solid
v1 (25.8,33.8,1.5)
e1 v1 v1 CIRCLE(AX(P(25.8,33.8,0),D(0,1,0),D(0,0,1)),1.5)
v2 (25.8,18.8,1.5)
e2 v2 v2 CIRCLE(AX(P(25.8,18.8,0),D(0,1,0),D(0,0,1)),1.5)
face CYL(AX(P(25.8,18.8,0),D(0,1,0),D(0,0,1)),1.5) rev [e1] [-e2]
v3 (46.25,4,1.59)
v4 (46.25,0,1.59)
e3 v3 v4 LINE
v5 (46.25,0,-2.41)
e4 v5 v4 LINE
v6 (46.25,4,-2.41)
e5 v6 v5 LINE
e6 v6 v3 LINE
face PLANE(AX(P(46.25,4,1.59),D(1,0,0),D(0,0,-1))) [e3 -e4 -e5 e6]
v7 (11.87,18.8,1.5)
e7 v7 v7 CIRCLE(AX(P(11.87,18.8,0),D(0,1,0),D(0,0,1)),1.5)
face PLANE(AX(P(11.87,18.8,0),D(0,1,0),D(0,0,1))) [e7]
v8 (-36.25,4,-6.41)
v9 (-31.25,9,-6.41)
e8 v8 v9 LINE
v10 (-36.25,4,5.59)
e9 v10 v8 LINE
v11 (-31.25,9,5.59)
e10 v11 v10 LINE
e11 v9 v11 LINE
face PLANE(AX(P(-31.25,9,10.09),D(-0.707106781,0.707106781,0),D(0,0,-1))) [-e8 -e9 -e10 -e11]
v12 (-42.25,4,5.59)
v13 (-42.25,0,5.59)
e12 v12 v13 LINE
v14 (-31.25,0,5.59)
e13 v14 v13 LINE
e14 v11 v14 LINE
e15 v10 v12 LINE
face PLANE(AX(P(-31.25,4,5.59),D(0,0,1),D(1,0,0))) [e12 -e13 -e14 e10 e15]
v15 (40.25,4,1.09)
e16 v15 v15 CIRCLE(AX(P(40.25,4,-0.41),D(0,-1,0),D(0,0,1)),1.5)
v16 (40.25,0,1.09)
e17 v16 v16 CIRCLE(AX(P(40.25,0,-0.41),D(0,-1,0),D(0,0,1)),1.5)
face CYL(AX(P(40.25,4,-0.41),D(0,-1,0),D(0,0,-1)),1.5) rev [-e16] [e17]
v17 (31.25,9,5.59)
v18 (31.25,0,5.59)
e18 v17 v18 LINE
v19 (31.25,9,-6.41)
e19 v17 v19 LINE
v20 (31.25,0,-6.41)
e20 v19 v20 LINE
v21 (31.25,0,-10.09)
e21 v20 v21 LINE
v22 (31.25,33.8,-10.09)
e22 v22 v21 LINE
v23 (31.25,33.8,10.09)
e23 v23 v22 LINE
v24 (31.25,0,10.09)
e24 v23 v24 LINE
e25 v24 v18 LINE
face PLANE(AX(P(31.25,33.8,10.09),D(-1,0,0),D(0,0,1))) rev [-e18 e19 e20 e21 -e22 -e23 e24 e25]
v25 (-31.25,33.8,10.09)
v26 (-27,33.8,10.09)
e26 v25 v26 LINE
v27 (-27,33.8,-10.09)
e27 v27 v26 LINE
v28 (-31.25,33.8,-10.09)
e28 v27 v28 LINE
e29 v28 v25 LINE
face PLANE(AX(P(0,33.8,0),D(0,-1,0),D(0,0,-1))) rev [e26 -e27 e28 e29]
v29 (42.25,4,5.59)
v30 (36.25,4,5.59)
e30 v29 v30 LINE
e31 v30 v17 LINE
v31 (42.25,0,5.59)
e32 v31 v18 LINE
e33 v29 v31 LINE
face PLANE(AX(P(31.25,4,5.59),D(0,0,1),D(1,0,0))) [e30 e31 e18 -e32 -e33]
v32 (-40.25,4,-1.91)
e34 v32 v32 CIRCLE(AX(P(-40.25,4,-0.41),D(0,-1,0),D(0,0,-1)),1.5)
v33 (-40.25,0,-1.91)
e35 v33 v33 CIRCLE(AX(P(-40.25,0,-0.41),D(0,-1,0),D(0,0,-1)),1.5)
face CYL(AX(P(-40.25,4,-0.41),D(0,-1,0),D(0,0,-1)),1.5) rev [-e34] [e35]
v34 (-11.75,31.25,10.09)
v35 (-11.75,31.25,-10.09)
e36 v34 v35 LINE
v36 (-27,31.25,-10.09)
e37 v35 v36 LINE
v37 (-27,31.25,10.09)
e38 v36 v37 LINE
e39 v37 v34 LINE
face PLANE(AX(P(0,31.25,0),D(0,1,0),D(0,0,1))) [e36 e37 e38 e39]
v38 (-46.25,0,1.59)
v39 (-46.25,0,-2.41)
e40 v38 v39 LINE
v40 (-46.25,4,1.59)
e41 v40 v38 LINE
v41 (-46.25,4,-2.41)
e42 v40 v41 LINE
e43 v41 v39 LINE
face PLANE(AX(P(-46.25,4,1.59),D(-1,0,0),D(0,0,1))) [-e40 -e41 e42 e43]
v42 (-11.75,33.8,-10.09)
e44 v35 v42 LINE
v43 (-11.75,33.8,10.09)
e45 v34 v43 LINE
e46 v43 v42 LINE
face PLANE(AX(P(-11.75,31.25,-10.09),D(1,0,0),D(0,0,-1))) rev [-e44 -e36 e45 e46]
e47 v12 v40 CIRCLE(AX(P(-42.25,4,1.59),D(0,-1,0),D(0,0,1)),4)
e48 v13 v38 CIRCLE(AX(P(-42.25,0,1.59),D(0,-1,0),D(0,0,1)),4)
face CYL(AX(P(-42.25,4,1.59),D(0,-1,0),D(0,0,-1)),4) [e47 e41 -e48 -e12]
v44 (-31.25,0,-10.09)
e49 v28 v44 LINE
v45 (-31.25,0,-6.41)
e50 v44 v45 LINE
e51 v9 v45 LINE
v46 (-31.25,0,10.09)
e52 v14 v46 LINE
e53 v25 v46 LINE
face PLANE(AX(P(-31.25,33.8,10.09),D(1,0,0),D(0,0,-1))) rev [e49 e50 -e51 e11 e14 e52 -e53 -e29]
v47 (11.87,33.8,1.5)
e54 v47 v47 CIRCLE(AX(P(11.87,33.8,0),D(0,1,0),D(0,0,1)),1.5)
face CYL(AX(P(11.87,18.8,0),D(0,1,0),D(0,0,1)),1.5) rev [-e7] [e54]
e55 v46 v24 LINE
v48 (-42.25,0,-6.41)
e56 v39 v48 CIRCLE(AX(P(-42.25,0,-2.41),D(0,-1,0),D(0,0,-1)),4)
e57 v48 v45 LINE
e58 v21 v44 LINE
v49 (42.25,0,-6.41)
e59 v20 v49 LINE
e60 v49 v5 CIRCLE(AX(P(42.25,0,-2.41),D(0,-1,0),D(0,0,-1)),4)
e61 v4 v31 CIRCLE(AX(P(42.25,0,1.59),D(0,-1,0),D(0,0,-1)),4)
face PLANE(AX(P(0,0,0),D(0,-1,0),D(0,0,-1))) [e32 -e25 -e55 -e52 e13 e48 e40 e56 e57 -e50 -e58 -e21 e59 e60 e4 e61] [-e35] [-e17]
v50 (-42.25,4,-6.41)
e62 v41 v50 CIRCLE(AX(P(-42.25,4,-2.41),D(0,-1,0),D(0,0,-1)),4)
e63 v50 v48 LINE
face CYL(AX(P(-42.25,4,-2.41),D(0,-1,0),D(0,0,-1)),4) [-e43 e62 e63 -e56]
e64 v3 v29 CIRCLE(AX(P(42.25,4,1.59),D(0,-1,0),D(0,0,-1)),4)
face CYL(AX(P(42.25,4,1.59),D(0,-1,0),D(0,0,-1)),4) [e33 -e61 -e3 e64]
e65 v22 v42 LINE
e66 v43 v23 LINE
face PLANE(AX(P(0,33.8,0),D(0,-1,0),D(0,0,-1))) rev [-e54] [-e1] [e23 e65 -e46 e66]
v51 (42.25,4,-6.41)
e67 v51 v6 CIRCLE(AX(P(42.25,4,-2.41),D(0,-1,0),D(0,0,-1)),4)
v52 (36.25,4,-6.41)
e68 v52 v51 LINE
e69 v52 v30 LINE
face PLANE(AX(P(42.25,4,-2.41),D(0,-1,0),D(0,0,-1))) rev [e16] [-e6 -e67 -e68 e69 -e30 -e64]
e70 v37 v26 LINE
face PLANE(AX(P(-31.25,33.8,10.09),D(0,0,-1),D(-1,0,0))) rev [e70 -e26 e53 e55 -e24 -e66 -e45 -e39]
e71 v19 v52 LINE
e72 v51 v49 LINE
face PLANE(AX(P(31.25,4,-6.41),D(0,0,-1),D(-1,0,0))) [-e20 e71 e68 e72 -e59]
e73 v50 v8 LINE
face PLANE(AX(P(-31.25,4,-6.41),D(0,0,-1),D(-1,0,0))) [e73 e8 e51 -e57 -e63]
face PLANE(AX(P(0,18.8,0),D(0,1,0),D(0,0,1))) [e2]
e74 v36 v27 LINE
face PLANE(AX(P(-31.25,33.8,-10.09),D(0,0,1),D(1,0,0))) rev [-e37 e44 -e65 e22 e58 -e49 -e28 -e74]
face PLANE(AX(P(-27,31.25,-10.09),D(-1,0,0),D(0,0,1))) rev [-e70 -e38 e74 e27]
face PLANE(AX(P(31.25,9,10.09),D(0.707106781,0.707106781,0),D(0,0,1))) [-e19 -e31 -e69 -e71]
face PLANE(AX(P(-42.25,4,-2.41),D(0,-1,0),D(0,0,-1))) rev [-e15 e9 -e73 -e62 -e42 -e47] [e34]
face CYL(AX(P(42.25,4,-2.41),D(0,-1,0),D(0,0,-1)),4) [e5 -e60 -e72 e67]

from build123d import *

# Parameters (mm, degrees)
SKETCH_219_W        = 62.5
SKETCH_219_H        = 20.18
EXTRUDE_1_DEPTH     = 33.8
SKETCH_6_W          = 15.25
SKETCH_6_H          = 20.18
CUT_EXTRUDE_1_DEPTH = 2.55
SKETCH_7_R          = 1.5
CUT_EXTRUDE_2_DEPTH = 15
SKETCH_8_R          = 1.5
EXTRUDE_2_DEPTH     = 4
CHAMFER_1_SIZE      = 5
CHAMFER_2_SIZE      = 5


with BuildPart() as part:
    # Sketch 219 → Бобышка-Вытянуть1 (new body)
    with BuildSketch(Plane(origin=(0, 0, 0), x_dir=(1, 0, 0), z_dir=(0, 1, 0))):
        Rectangle(SKETCH_219_W, SKETCH_219_H)
    extrude(amount=EXTRUDE_1_DEPTH)

    # Эскиз6 → Вырез-Вытянуть1 (cut)
    with BuildSketch(Plane(origin=(0, 33.8, 0), x_dir=(1, 0, 0), z_dir=(0, 1, 0))):
        with Locations((-19.375, 0)):
            Rectangle(SKETCH_6_W, SKETCH_6_H)
    extrude(amount=-CUT_EXTRUDE_1_DEPTH, mode=Mode.SUBTRACT)

    # Эскиз7 → Вырез-Вытянуть2 (cut)
    with BuildSketch(Plane(origin=(0, 33.8, 0), x_dir=(1, 0, 0), z_dir=(0, 1, 0))):
        with BuildLine():
            ThreePointArc((27.3, 0), (25.8, 1.5), (24.3, 0))
            Line((24.3, 0), (27.3, 0))
        make_face()
        with BuildLine():
            Line((27.3, 0), (24.3, 0))
            ThreePointArc((24.3, 0), (25.8, -1.5), (27.3, 0))
        make_face()
        with Locations(Location((11.87, 0, 0), (0, 0, 270))):
            Circle(SKETCH_7_R)
    extrude(amount=-CUT_EXTRUDE_2_DEPTH, mode=Mode.SUBTRACT)

    # Эскиз8 → Бобышка-Вытянуть2 (add)
    # profile 1 of 2: a face of its own
    with BuildSketch(Plane.XZ):
        with BuildLine():
            Line((-31.25, 5.59), (-42.25, 5.59))
            ThreePointArc((-42.25, 5.59), (-45.078427125, 4.418427125), (-46.25, 1.59))
            Line((-46.25, 1.59), (-46.25, -2.41))
            ThreePointArc((-46.25, -2.41), (-45.078427125, -5.238427125), (-42.25, -6.41))
            Line((-42.25, -6.41), (-31.25, -6.41))
            Line((-31.25, -6.41), (-31.25, 5.59))
        make_face()
        with Locations(Location((-40.25, -0.41, 0), (0, 0, 270))):
            Circle(SKETCH_8_R, mode=Mode.SUBTRACT)
    # profile 2 of 2: a face of its own
    with BuildSketch(Plane.XZ):
        with BuildLine():
            Line((31.25, -6.41), (42.25, -6.41))
            ThreePointArc((42.25, -6.41), (45.078427125, -5.238427125), (46.25, -2.41))
            Line((46.25, -2.41), (46.25, 1.59))
            ThreePointArc((46.25, 1.59), (45.078427125, 4.418427125), (42.25, 5.59))
            Line((42.25, 5.59), (31.25, 5.59))
            Line((31.25, 5.59), (31.25, -6.41))
        make_face()
        with Locations(Location((40.25, -0.41, 0), (0, 0, 90))):
            Circle(SKETCH_8_R, mode=Mode.SUBTRACT)
    extrude(amount=-EXTRUDE_2_DEPTH)

    # Фаска1
    chamfer_1_edges = [part.edges().sort_by_distance(p)[0] for p in [
        (-31.25, 4, -0.41),
    ]]
    chamfer(chamfer_1_edges, length=CHAMFER_1_SIZE)

    # Фаска2
    chamfer_2_edges = [part.edges().sort_by_distance(p)[0] for p in [
        (31.25, 4, -0.41),
    ]]
    chamfer(chamfer_2_edges, length=CHAMFER_2_SIZE)


solid = part.part
